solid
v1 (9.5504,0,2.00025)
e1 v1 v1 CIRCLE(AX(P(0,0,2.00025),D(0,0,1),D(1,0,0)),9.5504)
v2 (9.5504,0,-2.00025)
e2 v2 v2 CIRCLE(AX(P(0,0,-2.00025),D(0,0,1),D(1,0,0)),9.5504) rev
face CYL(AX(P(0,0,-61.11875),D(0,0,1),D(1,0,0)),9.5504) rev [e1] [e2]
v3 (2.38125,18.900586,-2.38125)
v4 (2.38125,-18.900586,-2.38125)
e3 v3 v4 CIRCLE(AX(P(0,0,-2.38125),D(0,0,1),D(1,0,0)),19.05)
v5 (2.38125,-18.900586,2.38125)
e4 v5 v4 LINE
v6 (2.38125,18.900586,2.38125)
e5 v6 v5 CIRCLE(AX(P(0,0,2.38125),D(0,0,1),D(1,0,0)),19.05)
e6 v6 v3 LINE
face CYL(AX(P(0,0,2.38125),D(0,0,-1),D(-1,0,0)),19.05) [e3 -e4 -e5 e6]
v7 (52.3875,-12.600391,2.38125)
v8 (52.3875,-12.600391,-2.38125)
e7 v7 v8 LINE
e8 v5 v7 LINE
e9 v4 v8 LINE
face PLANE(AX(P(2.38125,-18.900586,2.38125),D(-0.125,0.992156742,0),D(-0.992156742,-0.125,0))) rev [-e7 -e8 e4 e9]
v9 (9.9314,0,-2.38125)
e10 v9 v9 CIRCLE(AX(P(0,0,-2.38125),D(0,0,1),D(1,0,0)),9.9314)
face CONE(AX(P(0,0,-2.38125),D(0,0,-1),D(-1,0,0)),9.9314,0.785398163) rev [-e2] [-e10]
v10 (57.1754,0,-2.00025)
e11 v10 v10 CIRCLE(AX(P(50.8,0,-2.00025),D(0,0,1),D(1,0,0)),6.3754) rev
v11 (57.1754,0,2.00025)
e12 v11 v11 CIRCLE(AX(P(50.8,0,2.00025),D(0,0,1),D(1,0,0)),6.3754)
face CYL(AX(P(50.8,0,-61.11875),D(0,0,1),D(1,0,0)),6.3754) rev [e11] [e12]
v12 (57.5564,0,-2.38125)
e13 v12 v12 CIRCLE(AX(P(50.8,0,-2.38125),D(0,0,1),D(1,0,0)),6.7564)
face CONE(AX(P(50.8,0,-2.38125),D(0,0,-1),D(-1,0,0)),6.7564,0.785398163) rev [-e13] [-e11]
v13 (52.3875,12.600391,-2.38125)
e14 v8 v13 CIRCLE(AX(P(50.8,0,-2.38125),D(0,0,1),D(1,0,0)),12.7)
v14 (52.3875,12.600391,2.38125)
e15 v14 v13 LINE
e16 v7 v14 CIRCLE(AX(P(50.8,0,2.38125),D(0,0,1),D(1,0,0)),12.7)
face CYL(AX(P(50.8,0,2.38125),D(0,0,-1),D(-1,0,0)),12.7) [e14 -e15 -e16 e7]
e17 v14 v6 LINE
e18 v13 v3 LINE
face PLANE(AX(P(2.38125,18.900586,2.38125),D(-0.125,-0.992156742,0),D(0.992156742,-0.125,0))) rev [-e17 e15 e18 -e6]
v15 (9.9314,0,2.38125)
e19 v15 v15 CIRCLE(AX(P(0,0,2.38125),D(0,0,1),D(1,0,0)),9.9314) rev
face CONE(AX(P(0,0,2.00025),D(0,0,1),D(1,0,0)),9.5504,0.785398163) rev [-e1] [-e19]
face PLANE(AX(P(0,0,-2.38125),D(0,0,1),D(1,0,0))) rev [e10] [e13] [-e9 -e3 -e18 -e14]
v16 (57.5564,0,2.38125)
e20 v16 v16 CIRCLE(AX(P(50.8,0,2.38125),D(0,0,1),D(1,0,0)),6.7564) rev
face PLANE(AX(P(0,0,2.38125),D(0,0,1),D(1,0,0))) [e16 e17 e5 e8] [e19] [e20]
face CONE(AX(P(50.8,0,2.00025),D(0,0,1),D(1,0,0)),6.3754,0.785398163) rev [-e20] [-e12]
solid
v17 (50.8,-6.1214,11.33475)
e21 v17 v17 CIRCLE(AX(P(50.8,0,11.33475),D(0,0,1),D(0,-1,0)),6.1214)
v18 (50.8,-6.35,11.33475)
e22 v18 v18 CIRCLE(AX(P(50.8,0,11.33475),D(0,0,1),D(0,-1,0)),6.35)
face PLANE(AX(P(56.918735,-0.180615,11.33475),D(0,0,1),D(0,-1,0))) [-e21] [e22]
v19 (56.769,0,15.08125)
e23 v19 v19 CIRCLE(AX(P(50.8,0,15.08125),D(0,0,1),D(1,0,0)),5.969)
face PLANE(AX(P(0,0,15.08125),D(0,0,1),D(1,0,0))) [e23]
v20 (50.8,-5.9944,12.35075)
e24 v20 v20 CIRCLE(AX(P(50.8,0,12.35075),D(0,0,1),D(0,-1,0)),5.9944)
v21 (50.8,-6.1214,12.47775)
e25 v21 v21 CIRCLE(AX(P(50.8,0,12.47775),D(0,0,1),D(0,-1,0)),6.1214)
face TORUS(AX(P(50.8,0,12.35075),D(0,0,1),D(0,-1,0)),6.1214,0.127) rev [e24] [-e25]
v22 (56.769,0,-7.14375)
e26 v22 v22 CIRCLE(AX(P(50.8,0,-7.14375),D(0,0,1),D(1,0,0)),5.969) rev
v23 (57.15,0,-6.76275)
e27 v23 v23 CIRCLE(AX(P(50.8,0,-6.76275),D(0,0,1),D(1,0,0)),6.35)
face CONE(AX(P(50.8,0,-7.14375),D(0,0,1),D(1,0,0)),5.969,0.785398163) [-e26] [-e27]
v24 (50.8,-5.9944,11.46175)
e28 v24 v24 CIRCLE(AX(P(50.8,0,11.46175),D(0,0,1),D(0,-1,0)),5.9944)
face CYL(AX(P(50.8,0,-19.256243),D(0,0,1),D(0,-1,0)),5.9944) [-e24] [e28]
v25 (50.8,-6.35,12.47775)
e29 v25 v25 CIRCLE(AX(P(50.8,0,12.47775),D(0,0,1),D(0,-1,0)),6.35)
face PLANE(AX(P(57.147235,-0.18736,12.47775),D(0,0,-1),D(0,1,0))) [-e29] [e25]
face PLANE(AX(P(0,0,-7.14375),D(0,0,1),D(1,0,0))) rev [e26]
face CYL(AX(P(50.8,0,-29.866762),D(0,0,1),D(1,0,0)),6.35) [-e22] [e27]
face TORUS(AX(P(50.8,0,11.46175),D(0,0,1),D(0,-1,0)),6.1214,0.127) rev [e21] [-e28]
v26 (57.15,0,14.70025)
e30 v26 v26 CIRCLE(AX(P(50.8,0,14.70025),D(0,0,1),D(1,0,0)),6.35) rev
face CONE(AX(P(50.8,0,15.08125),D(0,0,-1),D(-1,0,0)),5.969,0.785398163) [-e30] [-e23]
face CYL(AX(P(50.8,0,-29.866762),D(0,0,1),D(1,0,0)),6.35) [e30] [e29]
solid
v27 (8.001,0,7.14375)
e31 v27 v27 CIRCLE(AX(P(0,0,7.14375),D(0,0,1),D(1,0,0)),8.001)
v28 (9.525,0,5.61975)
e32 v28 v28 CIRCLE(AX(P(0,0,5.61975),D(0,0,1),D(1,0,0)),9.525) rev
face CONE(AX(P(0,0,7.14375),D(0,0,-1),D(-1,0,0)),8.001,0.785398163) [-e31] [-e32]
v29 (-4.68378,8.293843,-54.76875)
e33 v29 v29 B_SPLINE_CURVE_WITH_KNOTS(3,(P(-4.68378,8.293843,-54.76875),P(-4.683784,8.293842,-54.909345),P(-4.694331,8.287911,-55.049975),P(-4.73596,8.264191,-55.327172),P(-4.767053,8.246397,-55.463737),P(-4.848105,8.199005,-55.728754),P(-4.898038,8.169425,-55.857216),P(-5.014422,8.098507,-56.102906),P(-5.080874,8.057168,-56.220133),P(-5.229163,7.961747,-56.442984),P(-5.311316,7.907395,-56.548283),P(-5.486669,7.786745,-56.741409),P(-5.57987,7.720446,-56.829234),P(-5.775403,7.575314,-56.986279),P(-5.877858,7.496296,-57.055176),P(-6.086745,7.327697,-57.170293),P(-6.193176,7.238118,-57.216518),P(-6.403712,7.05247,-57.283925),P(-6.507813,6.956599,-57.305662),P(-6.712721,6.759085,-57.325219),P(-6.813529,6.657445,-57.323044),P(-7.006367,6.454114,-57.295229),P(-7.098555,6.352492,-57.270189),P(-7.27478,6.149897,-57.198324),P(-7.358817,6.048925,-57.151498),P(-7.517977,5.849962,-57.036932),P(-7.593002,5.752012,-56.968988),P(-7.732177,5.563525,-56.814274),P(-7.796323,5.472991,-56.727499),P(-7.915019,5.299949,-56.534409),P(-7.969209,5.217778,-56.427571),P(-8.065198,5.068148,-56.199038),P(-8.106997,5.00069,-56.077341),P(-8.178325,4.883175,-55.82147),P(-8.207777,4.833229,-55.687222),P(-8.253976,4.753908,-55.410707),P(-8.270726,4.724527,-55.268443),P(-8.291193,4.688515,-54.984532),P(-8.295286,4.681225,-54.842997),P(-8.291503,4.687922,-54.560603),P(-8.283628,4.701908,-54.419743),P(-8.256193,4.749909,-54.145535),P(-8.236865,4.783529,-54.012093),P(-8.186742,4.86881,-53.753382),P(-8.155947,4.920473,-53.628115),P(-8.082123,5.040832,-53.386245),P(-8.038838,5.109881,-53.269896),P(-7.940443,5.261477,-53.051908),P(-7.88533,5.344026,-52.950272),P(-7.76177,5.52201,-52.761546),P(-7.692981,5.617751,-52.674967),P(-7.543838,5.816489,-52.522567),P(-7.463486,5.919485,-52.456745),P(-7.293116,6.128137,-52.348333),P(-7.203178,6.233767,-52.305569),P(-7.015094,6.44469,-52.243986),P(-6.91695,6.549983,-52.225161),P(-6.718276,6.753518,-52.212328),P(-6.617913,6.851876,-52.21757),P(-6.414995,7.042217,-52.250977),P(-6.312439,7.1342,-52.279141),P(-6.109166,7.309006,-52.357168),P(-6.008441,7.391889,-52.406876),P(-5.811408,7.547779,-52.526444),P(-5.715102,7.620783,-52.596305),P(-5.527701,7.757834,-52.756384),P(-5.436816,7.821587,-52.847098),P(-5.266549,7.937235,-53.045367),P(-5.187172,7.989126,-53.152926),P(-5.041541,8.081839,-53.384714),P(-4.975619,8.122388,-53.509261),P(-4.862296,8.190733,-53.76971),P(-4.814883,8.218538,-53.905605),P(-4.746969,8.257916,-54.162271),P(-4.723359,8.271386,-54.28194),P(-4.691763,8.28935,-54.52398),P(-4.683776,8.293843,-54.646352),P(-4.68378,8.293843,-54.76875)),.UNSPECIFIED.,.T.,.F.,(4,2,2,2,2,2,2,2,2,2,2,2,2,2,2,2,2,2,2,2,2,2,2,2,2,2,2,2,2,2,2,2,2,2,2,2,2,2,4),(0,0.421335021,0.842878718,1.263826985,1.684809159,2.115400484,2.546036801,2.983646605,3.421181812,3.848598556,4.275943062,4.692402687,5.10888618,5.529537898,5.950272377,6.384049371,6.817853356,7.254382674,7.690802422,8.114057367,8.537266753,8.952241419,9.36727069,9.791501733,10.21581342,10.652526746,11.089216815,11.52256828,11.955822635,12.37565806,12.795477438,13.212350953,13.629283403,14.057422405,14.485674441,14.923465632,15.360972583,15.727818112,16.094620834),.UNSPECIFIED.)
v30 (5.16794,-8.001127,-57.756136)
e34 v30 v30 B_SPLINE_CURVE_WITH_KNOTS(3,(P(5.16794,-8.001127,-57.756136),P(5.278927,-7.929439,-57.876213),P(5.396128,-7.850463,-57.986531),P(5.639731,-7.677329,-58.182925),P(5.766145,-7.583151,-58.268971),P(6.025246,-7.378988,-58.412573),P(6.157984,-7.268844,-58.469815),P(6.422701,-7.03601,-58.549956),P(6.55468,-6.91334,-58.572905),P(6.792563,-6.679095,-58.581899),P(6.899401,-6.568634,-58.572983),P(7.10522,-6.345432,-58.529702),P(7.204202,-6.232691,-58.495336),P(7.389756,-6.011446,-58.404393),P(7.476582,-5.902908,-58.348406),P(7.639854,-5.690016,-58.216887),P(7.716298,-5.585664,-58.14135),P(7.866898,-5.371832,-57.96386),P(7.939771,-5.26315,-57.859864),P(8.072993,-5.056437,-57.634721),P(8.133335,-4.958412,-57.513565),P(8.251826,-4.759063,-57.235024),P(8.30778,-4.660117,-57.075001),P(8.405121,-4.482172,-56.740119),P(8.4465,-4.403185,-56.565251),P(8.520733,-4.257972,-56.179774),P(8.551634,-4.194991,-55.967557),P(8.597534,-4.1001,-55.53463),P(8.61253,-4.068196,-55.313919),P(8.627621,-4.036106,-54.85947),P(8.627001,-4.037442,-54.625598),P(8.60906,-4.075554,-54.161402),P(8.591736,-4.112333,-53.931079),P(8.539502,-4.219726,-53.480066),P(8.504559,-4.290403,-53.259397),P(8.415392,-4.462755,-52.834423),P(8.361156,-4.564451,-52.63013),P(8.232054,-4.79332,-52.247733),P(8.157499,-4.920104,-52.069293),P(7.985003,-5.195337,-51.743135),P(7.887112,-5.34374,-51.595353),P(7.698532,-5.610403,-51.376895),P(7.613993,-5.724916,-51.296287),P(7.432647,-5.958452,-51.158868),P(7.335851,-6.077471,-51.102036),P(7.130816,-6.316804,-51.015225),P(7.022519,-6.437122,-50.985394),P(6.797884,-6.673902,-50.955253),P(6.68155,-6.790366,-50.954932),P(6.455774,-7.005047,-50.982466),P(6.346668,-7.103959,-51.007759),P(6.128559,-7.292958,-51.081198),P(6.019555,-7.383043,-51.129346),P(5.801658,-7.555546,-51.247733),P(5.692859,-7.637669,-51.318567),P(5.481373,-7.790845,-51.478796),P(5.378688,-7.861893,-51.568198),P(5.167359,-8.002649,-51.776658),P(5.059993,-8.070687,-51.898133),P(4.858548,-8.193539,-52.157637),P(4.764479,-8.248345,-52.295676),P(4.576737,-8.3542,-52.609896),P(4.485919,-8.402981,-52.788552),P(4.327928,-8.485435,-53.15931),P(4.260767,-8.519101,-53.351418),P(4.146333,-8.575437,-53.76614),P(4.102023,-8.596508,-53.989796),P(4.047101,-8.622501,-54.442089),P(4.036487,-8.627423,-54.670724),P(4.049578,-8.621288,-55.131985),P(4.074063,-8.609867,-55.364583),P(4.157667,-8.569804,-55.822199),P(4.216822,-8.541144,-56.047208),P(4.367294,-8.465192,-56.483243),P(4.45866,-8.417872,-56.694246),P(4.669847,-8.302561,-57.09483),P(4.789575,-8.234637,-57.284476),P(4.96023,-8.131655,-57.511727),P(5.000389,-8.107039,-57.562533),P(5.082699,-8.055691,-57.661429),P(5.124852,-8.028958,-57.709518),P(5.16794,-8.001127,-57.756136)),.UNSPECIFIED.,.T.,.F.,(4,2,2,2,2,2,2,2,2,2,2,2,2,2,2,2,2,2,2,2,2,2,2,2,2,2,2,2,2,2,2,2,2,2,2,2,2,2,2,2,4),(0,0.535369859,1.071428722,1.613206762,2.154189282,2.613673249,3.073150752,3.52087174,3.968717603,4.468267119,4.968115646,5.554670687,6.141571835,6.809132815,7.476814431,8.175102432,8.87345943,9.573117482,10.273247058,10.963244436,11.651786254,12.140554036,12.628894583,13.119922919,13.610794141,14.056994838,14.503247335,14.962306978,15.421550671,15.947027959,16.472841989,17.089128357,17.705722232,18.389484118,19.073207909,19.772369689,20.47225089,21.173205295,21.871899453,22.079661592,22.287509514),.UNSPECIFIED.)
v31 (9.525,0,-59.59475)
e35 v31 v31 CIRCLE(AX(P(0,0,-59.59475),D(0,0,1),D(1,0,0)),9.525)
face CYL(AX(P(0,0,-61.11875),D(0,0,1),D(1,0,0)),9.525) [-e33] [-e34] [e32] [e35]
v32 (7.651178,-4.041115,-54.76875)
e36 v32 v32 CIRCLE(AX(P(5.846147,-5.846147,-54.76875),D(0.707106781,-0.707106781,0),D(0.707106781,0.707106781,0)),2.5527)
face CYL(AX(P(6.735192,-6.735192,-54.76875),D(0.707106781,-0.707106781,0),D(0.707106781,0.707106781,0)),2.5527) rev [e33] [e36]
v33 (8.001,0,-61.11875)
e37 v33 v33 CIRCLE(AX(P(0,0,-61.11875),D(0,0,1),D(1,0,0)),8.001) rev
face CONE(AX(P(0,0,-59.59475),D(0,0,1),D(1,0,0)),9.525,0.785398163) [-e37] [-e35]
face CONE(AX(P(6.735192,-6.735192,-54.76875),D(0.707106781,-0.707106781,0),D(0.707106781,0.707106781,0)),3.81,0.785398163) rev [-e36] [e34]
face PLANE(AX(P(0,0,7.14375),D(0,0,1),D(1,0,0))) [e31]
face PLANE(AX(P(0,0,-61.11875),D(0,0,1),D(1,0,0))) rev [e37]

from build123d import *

# Parameters (mm, degrees)
BOSS_EXTRUDE1_DEPTH      = 2.38125
BOSS_EXTRUDE2_DEPTH      = 4.7625
BOSS_EXTRUDE2_DEPTH_BACK = 63.5
SKETCH2_R                = 9.525
BOSS_EXTRUDE3_DEPTH      = 12.7
BOSS_EXTRUDE3_DEPTH_BACK = 9.525
SKETCH3_R                = 6.35
SKETCH4_R                = 6.3754
SKETCH4_R_2              = 9.5504
CUT_EXTRUDE1_DEPTH       = 92.800885072
CHAMFER1_SIZE            = 1.524
CHAMFER2_SIZE            = 0.381
CHAMFER3_SIZE            = 0.381


with BuildPart() as part:
    # Sketch1 → Boss-Extrude1 (new, symmetric)
    with BuildSketch(Plane.XY):
        with BuildLine():
            ThreePointArc((2.38125, 18.900585928), (-19.05, 0), (2.38125, -18.900585928))
            Line((2.38125, -18.900585928), (52.3875, -12.600390619))
            ThreePointArc((52.3875, -12.600390619), (63.5, 0), (52.3875, 12.600390619))
            Line((52.3875, 12.600390619), (2.38125, 18.900585928))
        make_face()
    extrude(amount=BOSS_EXTRUDE1_DEPTH, both=True)

    # Sketch4 → Cut-Extrude1 (cut, through all)
    with BuildSketch(Plane.XY.offset(2.38125)):
        with Locations((50.8, 0)):
            Circle(SKETCH4_R)
        Circle(SKETCH4_R_2)
    extrude(amount=-CUT_EXTRUDE1_DEPTH, mode=Mode.SUBTRACT)

    # Chamfer3
    chamfer3_edges = [part.edges().sort_by_distance(p)[0] for p in [
        (44.4246, 0, -2.38125),
        (44.4246, 0, 2.38125),
        (-9.5504, 0, -2.38125),
        (-9.5504, 0, 2.38125),
    ]]
    chamfer(chamfer3_edges, length=CHAMFER3_SIZE)


with BuildPart() as body_2:
    # Sketch2 → Boss-Extrude2 (new, two sides: drawn at the far end of the back side and taken through both)
    with BuildSketch(Plane.XY.offset(2.38125).offset(-BOSS_EXTRUDE2_DEPTH_BACK)):
        Circle(SKETCH2_R)
    extrude(amount=BOSS_EXTRUDE2_DEPTH + BOSS_EXTRUDE2_DEPTH_BACK)

    # Chamfer1
    chamfer1_edges = [body_2.edges().sort_by_distance(p)[0] for p in [
        (-9.525, 0, -61.11875),
        (-9.525, 0, 7.14375),
    ]]
    chamfer(chamfer1_edges, length=CHAMFER1_SIZE)

    # Sketch7 → 1/4-20 Tapped Hole1 (revolve, cut)
    with BuildSketch(Plane(origin=(6.735192091, -6.735192091, -54.76875), x_dir=(0.7071067811865488, 0.7071067811865464, 0), z_dir=(0, 0, 1))):
        Polygon((0, 0), (0, 36.465768363), (3.81, 36.465768363), (2.5527, 35.208468363), (2.5527, 1.2573), (3.81, 0), align=None)
    revolve(axis=Axis((11.225320151, -11.225320151, -54.76875), (-0.7071067811865464, 0.7071067811865487, 0)), mode=Mode.SUBTRACT)


with BuildPart() as body_3:
    # Sketch3 → Boss-Extrude3 (new, two sides: drawn at the far end of the back side and taken through both)
    with BuildSketch(Plane.XY.offset(2.38125).offset(-BOSS_EXTRUDE3_DEPTH_BACK)):
        with Locations((50.8, 0)):
            Circle(SKETCH3_R)
    extrude(amount=BOSS_EXTRUDE3_DEPTH + BOSS_EXTRUDE3_DEPTH_BACK)

    # Chamfer2
    chamfer2_edges = [body_3.edges().sort_by_distance(p)[0] for p in [
        (44.45, 0, -7.14375),
        (44.45, 0, 15.08125),
    ]]
    chamfer(chamfer2_edges, length=CHAMFER2_SIZE)

    # Groove Sketch → Retaining Ring Groove (revolve, cut)
    with BuildSketch(Plane(origin=(12.915629716, 1.118285362, -17.503040002), x_dir=(0.034992182664449985, -0.0010329126589647126, 0.9993870522694481), z_dir=(-0.029505531457742346, -0.9995646170275317, 0)), mode=Mode.PRIVATE) as retaining_ring_groove_sk:
        with BuildLine():
            Line((30.361220287, -42.985751577), (30.369222984, -43.214211457))
            Line((30.369222984, -43.214211457), (31.511522385, -43.174197971))
            Line((31.511522385, -43.174197971), (31.503519688, -42.945738091))
            ThreePointArc((31.503519688, -42.945738091), (31.463201293, -42.85729276), (31.372151589, -42.823261878))
            Line((31.372151589, -42.823261878), (30.4836965, -42.854383478))
            ThreePointArc((30.4836965, -42.854383478), (30.39525117, -42.894701873), (30.361220287, -42.985751577))
        make_face()
    revolve(retaining_ring_groove_sk.sketch.rotate(Axis((50.8, 0, -19.256242745), (0, 0, 1)), 271.690787812), axis=Axis((50.8, 0, -19.256242745), (0, 0, 1)), mode=Mode.SUBTRACT)


solid = Compound([part.part, body_2.part, body_3.part])
